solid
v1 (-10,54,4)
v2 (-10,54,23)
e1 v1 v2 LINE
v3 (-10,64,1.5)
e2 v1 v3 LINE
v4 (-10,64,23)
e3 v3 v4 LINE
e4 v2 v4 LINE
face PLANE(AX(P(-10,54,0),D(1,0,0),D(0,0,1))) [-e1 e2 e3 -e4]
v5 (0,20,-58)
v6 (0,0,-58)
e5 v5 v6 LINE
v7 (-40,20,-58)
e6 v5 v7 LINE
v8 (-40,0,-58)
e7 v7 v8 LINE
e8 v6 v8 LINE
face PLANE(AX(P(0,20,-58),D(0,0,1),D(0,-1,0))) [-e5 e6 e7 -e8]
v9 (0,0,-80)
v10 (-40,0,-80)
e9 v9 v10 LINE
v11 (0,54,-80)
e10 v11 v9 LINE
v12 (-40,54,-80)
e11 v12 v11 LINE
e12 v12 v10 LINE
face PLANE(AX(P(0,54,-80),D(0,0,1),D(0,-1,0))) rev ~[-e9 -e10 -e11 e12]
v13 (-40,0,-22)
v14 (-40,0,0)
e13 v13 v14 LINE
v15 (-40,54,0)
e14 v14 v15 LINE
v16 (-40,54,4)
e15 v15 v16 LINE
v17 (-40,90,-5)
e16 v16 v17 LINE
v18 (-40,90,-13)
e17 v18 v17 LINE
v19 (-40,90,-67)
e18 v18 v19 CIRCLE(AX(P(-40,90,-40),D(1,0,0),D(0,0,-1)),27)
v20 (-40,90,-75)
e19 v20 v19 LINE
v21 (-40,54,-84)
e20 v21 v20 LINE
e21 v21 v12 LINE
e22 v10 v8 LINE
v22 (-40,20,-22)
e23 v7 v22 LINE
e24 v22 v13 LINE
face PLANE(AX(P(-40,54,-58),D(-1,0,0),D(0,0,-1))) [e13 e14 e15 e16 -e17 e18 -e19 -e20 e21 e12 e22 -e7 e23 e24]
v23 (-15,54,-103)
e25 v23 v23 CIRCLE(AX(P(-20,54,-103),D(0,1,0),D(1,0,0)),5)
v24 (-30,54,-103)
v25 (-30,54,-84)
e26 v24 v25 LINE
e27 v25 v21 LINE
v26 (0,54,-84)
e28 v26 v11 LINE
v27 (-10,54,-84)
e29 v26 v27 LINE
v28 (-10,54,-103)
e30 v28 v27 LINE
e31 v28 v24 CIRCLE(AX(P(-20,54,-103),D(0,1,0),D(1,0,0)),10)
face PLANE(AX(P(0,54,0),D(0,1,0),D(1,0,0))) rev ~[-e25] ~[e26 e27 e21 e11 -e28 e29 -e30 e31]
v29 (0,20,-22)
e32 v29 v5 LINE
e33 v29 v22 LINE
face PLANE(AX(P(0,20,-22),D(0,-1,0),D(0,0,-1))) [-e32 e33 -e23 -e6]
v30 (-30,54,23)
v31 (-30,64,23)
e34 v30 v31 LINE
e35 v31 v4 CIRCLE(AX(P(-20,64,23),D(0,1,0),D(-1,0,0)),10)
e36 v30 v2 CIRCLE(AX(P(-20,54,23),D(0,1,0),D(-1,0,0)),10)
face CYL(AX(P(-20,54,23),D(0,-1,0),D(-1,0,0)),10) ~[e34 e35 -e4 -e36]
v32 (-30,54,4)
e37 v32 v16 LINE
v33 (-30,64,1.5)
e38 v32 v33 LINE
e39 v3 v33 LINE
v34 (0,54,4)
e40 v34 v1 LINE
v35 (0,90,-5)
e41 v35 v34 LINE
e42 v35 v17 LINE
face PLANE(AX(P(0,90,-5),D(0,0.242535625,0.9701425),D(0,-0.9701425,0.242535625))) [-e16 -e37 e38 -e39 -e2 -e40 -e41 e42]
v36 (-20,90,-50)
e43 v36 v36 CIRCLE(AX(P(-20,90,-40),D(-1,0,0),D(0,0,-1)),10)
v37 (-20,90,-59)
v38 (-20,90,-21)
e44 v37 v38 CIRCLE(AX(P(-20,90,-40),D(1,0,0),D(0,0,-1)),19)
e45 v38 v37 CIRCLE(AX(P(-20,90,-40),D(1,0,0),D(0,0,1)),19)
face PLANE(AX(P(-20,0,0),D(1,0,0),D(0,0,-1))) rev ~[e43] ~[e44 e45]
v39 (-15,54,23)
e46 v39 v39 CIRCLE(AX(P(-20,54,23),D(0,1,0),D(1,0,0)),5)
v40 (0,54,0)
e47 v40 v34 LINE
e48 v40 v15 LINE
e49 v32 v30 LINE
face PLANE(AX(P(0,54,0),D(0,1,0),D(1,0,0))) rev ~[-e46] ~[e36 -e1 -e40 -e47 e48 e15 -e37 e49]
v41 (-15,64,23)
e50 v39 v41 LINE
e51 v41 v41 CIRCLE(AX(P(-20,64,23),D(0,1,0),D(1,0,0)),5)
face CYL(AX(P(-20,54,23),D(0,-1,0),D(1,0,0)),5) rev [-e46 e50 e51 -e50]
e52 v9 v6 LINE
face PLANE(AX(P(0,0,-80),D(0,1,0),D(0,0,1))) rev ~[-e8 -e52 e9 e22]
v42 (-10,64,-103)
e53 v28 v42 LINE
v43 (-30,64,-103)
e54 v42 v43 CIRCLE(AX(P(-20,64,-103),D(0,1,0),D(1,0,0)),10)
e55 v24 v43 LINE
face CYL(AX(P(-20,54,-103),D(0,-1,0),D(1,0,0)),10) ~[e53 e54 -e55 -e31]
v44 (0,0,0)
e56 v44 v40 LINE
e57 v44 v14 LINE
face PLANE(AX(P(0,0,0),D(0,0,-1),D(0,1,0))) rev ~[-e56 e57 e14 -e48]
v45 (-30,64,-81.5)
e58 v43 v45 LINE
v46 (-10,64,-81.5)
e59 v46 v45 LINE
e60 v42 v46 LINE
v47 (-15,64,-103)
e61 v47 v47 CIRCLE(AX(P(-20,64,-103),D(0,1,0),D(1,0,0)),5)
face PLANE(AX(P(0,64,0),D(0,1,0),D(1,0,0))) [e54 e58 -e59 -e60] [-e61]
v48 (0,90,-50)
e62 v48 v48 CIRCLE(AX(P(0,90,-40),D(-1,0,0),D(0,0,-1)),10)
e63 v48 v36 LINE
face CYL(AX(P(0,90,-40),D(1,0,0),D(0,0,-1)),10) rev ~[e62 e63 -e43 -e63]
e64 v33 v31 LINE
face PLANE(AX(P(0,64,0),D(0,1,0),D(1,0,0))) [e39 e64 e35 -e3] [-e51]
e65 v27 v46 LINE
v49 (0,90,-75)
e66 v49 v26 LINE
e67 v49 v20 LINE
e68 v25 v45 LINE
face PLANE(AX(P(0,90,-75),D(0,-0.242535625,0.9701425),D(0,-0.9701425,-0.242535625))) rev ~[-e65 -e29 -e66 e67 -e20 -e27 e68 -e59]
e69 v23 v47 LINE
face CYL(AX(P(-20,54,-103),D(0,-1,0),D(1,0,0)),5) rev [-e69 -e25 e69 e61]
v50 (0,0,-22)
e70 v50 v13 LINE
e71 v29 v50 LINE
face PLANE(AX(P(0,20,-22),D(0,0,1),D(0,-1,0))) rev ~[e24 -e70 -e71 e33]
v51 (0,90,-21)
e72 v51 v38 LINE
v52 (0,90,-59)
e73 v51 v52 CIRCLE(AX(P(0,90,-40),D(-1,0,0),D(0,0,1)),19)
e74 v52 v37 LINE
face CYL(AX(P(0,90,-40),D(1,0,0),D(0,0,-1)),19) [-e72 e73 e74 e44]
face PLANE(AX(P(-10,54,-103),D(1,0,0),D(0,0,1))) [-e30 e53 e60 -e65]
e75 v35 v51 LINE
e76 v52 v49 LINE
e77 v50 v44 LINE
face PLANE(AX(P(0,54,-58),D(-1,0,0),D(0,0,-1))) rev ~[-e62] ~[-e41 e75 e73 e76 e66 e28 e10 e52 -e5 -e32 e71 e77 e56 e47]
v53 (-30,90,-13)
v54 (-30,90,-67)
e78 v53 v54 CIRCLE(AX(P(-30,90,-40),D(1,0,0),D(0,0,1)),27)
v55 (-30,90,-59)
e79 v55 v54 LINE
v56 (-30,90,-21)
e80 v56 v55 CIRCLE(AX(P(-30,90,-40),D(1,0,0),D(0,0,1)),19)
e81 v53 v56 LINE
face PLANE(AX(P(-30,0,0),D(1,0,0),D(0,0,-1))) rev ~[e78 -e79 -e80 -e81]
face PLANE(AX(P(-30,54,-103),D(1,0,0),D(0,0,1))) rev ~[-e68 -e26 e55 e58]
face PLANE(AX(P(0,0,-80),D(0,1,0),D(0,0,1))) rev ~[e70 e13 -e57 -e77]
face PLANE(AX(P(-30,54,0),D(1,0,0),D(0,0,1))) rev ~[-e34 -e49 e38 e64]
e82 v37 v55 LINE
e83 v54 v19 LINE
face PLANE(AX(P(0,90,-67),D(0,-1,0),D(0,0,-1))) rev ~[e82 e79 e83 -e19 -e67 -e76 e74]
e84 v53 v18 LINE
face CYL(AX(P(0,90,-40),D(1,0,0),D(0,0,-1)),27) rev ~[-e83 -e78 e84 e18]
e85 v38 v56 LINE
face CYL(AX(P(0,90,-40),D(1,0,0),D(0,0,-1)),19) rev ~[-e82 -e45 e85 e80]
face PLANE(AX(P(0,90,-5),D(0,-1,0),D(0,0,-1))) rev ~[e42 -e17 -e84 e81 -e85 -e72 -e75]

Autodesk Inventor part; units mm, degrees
ref_plane "YZ Plane" through (0, 0, 0) normal (1, 0, 0) x (0, 1, 0)
ref_plane "XZ Plane" through (0, 0, 0) normal (0, 1, 0) x (-1, 0, 0)
ref_plane "XY Plane" through (0, 0, 0) normal (0, 0, 1) x (1, 0, 0)
sketch "Sketch1" plane through (0, 0, 0) normal (1, 0, 0) x (0, 1, 0)
  line L0 (0, 0) -> (54, 0)
  line L1 (54, 0) -> (54, -80)
  line L2 (54, -80) -> (0, -80)
  line L3 (0, -80) -> (0, 0)
  dimension "d0" = 80
  dimension "d1" = 54
extrude "Extrusion1" add sketch "Sketch1" against normal blind 40
sketch "Sketch2" plane through (0, 0, 0) normal (1, 0, 0) x (0, 0, -1)
  line L0 (22, 20) -> (58, 20)
  line L1 (0, 0) -> (80, 0) projected
  line L2 (0, 54) -> (80, 54) projected
  line L3 (40, 54) -> (40, 0)
  line L4 (22, 20) -> (22, 0)
  line L5 (58, 20) -> (58, 0)
  line L6 (22, 0) -> (58, 0)
  line L7 (80, 0) -> (0, 0) projected
  point P0 (40, 20)
  dimension "d4" = 36
  dimension "d5" = 20
extrude "Extrusion2" cut sketch "Sketch2" against normal blind 40
sketch "Sketch3" plane through (0, 54, 0) normal (0, 1, 0) x (1, 0, 0)
  line L0 (-40, 58) -> (-40, 22) projected
  line L1 (-40, 40) -> (0, 40)
  line L2 (0, 22) -> (0, 58) projected
  line L3 (0, 0) -> (-40, 0) projected
  line L4 (-20, 0) -> (-20, 80) construction
  line L5 (0, 80) -> (-40, 80) projected
  circle A0 centre (-20, 103) radius 5
  arc A1 (-10, 103) -> (-30, 103) centre (-20, 103) ccw
  line L6 (-40, 40) -> (-40, 103)
  line L7 (-40, 103) -> (-30, 103)
  line L8 (0, 40) -> (0, 103)
  line L9 (0, 103) -> (-10, 103)
  circle A2 centre (-20, -23) radius 5
  arc A3 (-30, -23) -> (-10, -23) centre (-20, -23) ccw
  line L10 (-40, 40) -> (-40, -23)
  line L11 (-40, -23) -> (-30, -23)
  line L12 (0, 40) -> (0, -23)
  line L13 (0, -23) -> (-10, -23)
  line L14 (-10, 103) -> (-10, -23)
  line L15 (-30, 103) -> (-30, -23)
  point P0 (-10, 0)
  point P1 (-30, 0)
  point P2 (-30, 80)
  point P3 (-10, 80)
  dimension "d8" = 10
  dimension "d9" = 20
  dimension "d10" = 126
  dimension "d11" = 10
extrude "Extrusion3" add sketch "Sketch3" along normal blind 74
sketch "Sketch4" plane through (0, 0, 0) normal (1, 0, 0) x (0, 0, -1)
  line L0 (-4, 54) -> (84, 54)
  line L1 (-23, 128) -> (103, 128) projected
  line L2 (40, 128) -> (40, 0)
  line L3 (58, 0) -> (80, 0) projected
  line L4 (84, 54) -> (84, 59)
  circle A0 centre (40, 90) radius 19
  circle A1 centre (40, 90) radius 10
  circle A2 centre (40, 90) radius 27
  line L5 (5, 90) -> (75, 90)
  line L6 (5, 90) -> (-4, 54)
  line L7 (75, 90) -> (84, 54)
  line L8 (-23, 54) -> (-33, 54) projected
  line L9 (113, 54) -> (113, 128) projected
  line L10 (113, 54) -> (103, 54) projected
  line L11 (-33, 54) -> (113, 54)
  line L12 (-23, 128) -> (-33, 128) projected
  line L13 (-33, 128) -> (113, 128)
  line L14 (-33, 128) -> (-33, 54)
  line L15 (-33, 54) -> (-33, 128) projected
  line L16 (13, 90) -> (67, 90)
  line L17 (13, 90) -> (67, 90)
  point P0 (0, 0)
  point P1 (40, 54)
  point P2 (59, 90)
  point P3 (21, 90)
  point P4 (30, 90)
  point P5 (50, 90)
  dimension "d14" = 88
  dimension "d15" = 54
  dimension "d16" = 5
  dimension "d17" = 38
  dimension "d18" = 20
  dimension "d22" = 70
  dimension "d23" = 36
  dimension "d28" = 54
extrude "Extrusion4" cut sketch "Sketch4" against normal blind 74 contours L11 L8 L14 L12 L1 L2 A2 L5 L6 | L7 L5 A2 L2 L1 L13 L9 L10 L11
extrude "Extrusion5" cut sketch "Sketch4" against normal blind 74 contours A2 L5 A0 L2 | L2 A0 L5 A2 | A2 L2 A0 L5 | A0 L5 A1 L2 | L2 A1 L5 A0 | L5 A0 L2 A2 | A0 L2 A1 L5 | A1 L5 L2 | L2 L5 A1 | L5 A1 L2 A0 | A1 L2 L5 | L2 A1 L5
extrude "Extrusion6" add sketch "Sketch4" against normal blind 30 contours A2 L5 A0 L2 | L2 A0 L5 A2 picked at (15.8923, 87.9973) picked at (64.1077, 87.9973)
extrude "Extrusion7" add sketch "Sketch4" against normal blind 20 contours A0 L5 A1 L2 | L2 A1 L5 A0 picked at (24.1588, 88.5907) picked at (55.7576, 87.849)
extrude "Extrusion8" add sketch "Sketch4" against normal blind 20 contours A0 L2 A1 L5 | L5 A1 L2 A0 picked at (24.8696, 94.899) picked at (53.2638, 98.775)
extrude "Extrusion9" add sketch "Sketch3" along normal blind 10 contours L15 A1 L14 L5 | L3 L14 A3 L15
properties part number "Baitap3"
